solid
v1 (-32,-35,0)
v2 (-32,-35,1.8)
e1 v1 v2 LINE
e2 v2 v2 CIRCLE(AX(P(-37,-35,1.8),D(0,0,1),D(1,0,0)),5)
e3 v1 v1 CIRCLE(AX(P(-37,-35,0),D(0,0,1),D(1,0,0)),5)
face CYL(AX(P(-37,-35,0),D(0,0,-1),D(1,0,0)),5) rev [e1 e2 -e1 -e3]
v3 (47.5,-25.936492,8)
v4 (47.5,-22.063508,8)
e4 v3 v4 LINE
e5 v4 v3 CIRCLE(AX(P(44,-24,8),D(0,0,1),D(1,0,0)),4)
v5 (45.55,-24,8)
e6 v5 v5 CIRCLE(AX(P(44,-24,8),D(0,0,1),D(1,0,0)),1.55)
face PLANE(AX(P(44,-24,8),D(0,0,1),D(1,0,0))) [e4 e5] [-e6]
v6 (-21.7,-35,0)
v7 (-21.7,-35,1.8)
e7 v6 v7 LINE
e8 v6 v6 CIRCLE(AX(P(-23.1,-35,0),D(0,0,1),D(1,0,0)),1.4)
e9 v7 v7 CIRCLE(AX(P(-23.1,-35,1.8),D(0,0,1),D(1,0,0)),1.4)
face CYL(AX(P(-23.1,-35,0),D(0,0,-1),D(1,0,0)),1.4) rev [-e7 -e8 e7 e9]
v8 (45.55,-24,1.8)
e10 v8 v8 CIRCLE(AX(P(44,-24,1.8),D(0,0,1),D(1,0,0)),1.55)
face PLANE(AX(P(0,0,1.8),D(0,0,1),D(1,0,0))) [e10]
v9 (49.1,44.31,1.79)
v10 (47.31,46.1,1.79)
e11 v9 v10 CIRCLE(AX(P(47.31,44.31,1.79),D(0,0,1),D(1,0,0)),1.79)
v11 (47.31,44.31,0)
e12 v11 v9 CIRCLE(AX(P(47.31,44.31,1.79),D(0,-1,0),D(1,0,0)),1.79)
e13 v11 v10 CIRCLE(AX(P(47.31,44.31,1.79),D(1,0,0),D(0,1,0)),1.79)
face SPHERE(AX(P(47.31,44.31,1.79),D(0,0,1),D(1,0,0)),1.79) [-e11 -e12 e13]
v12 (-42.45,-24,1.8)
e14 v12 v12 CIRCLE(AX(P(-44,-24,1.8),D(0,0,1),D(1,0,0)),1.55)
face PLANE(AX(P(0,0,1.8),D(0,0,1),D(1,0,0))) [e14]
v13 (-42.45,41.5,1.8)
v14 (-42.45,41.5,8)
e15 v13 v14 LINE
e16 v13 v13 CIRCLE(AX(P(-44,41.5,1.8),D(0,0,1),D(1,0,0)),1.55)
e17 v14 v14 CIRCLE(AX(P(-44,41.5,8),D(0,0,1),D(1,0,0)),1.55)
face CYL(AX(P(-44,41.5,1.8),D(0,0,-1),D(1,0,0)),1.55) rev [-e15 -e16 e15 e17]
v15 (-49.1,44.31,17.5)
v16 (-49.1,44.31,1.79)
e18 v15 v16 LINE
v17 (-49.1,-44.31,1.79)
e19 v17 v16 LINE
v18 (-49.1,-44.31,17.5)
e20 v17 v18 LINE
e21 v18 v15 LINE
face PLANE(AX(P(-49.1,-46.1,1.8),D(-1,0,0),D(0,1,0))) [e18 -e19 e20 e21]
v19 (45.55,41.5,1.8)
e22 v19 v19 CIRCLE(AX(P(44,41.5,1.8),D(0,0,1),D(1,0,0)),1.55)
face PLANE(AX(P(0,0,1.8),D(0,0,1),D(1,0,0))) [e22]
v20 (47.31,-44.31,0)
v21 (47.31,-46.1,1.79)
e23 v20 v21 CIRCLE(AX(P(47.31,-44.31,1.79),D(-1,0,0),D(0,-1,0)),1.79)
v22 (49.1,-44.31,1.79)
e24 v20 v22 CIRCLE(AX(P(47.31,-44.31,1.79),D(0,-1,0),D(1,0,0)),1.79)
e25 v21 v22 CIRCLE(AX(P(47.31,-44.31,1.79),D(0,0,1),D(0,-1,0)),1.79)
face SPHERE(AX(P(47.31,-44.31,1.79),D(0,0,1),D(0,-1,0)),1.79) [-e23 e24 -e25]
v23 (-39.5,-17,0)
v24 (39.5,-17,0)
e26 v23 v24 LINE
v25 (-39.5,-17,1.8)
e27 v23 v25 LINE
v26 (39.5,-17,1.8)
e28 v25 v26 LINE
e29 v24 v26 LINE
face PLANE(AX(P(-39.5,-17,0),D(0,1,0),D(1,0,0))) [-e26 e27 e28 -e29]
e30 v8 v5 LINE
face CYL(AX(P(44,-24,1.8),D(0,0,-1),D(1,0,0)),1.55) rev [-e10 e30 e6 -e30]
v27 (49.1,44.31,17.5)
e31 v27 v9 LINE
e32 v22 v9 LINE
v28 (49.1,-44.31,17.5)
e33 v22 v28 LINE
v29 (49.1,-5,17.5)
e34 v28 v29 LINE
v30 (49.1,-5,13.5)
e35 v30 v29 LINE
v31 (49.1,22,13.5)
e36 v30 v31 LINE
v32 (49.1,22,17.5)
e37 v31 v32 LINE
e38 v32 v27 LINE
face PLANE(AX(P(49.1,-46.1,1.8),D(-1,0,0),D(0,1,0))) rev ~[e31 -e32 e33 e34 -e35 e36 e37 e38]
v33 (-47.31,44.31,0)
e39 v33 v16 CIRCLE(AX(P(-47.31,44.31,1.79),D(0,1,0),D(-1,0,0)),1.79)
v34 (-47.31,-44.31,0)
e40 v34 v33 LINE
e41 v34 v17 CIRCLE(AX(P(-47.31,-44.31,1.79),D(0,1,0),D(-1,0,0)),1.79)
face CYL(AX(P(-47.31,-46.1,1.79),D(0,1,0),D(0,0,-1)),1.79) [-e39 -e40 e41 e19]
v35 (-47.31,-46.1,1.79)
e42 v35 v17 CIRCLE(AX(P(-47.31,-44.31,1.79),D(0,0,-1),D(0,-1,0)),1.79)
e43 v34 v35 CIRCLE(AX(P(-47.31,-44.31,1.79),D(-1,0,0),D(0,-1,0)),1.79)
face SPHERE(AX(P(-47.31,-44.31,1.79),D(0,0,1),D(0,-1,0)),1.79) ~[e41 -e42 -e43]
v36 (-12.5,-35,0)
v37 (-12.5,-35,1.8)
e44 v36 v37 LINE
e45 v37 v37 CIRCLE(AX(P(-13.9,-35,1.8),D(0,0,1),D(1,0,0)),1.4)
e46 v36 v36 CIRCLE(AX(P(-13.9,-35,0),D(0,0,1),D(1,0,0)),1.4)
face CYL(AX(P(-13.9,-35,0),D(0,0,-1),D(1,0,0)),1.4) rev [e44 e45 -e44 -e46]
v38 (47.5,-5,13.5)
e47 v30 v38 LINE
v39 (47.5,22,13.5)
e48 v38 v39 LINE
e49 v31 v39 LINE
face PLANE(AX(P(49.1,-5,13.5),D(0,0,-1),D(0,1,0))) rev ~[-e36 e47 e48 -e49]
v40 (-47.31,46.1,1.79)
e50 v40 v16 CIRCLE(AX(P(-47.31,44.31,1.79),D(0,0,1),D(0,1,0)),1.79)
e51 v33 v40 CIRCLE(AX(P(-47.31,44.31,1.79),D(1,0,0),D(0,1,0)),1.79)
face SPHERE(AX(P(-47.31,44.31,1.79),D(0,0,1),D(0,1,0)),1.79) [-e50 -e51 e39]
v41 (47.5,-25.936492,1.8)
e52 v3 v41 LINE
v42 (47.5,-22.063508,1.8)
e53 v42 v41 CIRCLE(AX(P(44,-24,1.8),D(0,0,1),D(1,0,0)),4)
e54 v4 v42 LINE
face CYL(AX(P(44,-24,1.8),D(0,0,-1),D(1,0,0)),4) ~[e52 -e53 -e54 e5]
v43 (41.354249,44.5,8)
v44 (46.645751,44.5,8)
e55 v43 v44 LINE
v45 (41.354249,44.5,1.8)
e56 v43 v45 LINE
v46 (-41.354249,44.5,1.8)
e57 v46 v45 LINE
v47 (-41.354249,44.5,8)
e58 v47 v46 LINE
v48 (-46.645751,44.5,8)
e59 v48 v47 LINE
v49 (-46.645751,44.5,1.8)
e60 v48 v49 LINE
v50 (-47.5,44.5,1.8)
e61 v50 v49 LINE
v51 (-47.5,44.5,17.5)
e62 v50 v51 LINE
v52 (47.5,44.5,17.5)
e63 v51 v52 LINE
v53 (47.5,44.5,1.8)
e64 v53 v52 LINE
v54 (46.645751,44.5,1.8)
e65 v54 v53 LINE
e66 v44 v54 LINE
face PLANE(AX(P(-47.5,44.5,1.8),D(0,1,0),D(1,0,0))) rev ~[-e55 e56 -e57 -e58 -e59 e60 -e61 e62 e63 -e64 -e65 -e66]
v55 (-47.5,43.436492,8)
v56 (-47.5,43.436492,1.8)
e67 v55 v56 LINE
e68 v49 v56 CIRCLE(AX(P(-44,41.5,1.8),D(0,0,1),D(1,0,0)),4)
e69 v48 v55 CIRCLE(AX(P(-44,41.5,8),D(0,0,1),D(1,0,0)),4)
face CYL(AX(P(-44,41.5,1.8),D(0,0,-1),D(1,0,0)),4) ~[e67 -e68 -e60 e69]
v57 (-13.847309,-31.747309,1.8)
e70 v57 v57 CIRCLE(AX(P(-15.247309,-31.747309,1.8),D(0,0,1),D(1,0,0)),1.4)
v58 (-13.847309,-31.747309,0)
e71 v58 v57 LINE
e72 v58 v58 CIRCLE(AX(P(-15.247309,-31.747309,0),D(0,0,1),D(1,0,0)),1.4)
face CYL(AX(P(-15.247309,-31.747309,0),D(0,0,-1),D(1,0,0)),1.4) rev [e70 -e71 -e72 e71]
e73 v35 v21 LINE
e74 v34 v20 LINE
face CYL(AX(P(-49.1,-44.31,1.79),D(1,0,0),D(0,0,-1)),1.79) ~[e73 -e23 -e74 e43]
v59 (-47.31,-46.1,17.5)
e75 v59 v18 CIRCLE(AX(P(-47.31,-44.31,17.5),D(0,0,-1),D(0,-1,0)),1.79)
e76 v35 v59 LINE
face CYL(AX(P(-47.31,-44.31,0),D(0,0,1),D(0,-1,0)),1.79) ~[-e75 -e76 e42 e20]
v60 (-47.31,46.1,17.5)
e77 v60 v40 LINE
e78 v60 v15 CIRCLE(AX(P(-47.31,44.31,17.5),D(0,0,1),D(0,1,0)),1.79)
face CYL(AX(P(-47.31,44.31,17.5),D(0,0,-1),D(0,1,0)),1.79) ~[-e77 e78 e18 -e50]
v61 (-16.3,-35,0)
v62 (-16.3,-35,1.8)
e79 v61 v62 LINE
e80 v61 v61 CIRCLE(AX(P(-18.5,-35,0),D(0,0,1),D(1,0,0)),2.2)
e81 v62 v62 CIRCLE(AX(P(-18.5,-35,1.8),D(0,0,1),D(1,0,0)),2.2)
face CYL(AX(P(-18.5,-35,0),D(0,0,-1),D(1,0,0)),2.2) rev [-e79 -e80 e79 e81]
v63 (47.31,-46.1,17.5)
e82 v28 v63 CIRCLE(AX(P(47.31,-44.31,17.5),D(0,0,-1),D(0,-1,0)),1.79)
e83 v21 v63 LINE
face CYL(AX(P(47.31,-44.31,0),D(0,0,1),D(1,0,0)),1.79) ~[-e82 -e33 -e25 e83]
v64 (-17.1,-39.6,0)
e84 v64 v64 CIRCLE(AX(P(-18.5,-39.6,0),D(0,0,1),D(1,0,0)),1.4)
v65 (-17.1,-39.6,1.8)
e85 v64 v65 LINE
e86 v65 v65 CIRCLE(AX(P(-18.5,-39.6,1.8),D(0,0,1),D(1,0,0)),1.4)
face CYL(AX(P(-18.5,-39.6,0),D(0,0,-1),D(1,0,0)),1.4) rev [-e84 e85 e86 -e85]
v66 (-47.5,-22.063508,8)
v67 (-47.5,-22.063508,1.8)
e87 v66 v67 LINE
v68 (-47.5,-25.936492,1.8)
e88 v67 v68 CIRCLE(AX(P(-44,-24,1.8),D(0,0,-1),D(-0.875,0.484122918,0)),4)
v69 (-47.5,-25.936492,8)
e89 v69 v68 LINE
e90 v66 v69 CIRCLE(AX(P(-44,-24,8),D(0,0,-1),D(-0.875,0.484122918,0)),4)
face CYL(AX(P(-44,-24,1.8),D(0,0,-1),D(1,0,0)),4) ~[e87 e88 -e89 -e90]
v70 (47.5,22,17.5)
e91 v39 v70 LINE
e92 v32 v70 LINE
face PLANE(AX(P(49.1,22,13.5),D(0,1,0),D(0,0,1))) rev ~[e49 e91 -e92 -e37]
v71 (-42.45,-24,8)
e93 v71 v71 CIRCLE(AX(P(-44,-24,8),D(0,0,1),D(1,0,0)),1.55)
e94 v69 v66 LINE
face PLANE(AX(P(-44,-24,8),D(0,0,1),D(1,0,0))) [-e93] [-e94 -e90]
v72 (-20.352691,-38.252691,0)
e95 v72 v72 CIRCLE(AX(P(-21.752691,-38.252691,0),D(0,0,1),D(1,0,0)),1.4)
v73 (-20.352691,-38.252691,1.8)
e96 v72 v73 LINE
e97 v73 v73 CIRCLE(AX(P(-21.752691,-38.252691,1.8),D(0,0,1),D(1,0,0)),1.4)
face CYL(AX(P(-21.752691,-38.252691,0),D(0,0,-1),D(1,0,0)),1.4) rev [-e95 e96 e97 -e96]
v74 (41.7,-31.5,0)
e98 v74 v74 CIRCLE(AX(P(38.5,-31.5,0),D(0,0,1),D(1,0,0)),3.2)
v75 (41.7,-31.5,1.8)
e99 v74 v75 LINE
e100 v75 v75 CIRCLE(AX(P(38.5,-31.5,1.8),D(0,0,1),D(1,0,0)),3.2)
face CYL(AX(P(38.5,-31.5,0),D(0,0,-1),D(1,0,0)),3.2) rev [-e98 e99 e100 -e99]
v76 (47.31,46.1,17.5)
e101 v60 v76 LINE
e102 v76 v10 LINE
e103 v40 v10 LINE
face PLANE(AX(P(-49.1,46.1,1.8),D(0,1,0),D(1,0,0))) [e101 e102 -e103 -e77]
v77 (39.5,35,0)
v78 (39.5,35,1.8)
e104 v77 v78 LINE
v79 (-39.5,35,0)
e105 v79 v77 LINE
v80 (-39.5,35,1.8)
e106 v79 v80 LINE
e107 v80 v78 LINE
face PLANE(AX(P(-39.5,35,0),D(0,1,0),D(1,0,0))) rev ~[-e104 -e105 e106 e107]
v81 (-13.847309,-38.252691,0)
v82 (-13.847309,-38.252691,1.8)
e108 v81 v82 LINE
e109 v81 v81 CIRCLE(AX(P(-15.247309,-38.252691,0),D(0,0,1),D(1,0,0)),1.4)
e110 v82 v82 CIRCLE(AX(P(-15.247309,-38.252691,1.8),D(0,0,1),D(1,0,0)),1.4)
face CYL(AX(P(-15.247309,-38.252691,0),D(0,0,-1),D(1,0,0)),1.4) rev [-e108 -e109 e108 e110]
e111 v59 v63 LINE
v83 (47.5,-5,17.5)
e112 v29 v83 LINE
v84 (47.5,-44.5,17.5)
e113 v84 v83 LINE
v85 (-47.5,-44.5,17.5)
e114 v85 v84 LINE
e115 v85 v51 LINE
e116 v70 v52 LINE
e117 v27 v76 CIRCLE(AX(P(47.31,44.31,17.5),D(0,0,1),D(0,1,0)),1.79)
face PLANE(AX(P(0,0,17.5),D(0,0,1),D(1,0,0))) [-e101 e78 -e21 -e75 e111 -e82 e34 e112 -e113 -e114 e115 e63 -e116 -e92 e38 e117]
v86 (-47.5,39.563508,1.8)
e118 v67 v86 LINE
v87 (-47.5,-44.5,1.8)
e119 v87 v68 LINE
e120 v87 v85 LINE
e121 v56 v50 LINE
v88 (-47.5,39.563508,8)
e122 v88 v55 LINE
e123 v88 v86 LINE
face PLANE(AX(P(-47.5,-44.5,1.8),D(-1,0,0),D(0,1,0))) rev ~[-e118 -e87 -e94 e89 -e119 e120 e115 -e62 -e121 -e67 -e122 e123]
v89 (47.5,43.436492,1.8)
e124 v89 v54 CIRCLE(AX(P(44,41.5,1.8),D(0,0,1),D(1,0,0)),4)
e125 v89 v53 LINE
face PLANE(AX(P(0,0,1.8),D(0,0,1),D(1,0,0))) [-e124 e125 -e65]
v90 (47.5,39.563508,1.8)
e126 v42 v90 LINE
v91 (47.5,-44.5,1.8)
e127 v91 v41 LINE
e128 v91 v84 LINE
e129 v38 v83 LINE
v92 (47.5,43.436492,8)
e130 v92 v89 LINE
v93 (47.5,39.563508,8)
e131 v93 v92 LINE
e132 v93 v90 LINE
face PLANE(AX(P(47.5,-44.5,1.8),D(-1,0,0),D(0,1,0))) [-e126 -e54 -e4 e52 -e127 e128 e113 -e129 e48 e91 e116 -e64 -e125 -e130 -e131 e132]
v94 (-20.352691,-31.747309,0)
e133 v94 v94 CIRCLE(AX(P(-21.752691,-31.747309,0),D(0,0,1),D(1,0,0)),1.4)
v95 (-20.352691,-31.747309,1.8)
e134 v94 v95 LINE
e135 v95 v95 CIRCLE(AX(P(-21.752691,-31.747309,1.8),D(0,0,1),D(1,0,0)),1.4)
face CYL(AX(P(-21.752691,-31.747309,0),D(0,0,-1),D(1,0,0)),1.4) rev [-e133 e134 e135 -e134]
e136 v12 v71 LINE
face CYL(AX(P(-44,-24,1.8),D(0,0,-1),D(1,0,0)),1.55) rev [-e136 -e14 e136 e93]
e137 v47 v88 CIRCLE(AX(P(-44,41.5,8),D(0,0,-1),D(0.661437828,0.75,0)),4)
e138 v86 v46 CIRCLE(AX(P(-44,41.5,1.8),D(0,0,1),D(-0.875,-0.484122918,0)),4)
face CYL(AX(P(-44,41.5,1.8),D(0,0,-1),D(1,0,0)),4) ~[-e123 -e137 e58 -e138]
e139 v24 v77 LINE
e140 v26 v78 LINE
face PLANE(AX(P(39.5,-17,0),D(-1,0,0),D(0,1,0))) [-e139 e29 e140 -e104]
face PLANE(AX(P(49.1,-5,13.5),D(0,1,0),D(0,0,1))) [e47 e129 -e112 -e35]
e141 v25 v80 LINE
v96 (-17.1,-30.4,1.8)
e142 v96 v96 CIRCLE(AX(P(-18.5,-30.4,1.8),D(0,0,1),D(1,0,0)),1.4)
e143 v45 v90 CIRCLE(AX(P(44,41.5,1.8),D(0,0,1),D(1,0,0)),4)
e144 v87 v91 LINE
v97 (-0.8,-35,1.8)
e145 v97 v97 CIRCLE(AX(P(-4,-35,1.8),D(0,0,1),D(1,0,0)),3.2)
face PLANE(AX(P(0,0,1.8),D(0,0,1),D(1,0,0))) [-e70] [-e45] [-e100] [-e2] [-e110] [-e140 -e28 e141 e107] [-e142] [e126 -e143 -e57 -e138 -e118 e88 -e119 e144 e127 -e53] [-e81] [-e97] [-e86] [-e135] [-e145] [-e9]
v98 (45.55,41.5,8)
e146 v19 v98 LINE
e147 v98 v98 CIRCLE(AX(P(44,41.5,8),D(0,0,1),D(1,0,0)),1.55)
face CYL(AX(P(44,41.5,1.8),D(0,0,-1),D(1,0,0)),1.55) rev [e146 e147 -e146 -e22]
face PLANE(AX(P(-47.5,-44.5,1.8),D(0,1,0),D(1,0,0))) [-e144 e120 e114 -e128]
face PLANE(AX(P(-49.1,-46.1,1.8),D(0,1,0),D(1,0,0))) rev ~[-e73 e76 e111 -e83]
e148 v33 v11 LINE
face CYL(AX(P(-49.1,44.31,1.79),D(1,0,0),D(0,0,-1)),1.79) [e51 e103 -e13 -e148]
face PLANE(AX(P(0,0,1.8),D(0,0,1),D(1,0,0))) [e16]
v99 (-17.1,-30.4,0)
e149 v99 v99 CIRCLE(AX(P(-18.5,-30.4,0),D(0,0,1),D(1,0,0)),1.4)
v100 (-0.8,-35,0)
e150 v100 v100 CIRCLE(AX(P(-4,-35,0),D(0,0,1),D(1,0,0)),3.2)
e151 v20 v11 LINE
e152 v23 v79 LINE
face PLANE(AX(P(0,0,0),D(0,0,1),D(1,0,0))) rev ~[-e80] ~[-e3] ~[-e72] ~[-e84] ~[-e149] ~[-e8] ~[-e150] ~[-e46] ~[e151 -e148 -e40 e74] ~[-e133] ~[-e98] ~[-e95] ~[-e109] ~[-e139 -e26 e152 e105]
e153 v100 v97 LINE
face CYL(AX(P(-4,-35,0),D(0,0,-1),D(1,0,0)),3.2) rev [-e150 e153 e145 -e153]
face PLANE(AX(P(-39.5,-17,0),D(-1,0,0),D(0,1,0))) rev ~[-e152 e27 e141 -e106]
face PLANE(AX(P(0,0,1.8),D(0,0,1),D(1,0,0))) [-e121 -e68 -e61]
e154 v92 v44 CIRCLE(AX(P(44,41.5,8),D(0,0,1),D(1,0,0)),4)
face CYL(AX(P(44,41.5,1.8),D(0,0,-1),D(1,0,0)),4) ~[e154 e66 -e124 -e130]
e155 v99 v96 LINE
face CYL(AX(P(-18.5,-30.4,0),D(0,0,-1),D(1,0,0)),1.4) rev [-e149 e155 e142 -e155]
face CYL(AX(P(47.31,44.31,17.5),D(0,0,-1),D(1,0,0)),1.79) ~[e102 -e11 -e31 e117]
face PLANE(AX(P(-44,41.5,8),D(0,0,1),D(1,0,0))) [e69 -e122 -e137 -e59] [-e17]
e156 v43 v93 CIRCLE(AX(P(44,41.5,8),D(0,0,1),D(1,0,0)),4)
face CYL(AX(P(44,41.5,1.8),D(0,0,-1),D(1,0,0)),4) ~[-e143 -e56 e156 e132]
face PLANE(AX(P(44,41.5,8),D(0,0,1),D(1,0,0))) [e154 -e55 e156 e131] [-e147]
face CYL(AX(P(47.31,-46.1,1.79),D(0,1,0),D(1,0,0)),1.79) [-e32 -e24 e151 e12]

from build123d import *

# Parameters (mm, degrees)
SKETCH_W      = 98.2
SKETCH_H      = 92.2
SKETCH_R      = 5
SKETCH_R_2    = 3.2
SKETCH_R_3    = 1.4
SKETCH_R_4    = 2.2
SKETCH_W_2    = 79
SKETCH_H_2    = 52
PAD_DEPTH     = 1.8
SKETCH001_W   = 98.2
SKETCH001_H   = 92.2
SKETCH001_W_2 = 95
SKETCH001_H_2 = 89
PAD001_DEPTH  = 15.7
SKETCH002_R   = 4
SKETCH002_R_2 = 1.55
PAD002_DEPTH  = 6.2
FILLET_R      = 1.79
SKETCH003_W   = 27
SKETCH003_H   = 4
POCKET_DEPTH  = 1.6


with BuildPart() as part:
    # Sketch → Pad (new body)
    with BuildSketch(Plane.XY):
        Rectangle(SKETCH_W, SKETCH_H)
        with Locations((-37, -35)):
            Circle(SKETCH_R, mode=Mode.SUBTRACT)
        with Locations((-4, -35)):
            Circle(SKETCH_R_2, mode=Mode.SUBTRACT)
        with Locations((-23.1, -35)):
            Circle(SKETCH_R_3, mode=Mode.SUBTRACT)
        with Locations((-18.5, -30.4)):
            Circle(SKETCH_R_3, mode=Mode.SUBTRACT)
        with Locations((-13.9, -35)):
            Circle(SKETCH_R_3, mode=Mode.SUBTRACT)
        with Locations((-18.5, -39.6)):
            Circle(SKETCH_R_3, mode=Mode.SUBTRACT)
        with Locations((-18.5, -35)):
            Circle(SKETCH_R_4, mode=Mode.SUBTRACT)
        with Locations((-21.752691, -31.747309)):
            Circle(SKETCH_R_3, mode=Mode.SUBTRACT)
        with Locations((-15.247309, -31.747309)):
            Circle(SKETCH_R_3, mode=Mode.SUBTRACT)
        with Locations((-15.247309, -38.252691)):
            Circle(SKETCH_R_3, mode=Mode.SUBTRACT)
        with Locations((-21.752691, -38.252691)):
            Circle(SKETCH_R_3, mode=Mode.SUBTRACT)
        with Locations((38.5, -31.5)):
            Circle(SKETCH_R_2, mode=Mode.SUBTRACT)
        with Locations((0, 9)):
            Rectangle(SKETCH_W_2, SKETCH_H_2, mode=Mode.SUBTRACT)
    extrude(amount=PAD_DEPTH)

    # Sketch001 → Pad001 (new body)
    with BuildSketch(Plane.XY.offset(1.8)):
        Rectangle(SKETCH001_W, SKETCH001_H)
        Rectangle(SKETCH001_W_2, SKETCH001_H_2, mode=Mode.SUBTRACT)
    extrude(amount=PAD001_DEPTH)

    # Sketch002 → Pad002 (new body)
    with BuildSketch(Plane.XY.offset(1.8)):
        with Locations((-44, 41.5)):
            Circle(SKETCH002_R)
        with Locations((-44, 41.5)):
            Circle(SKETCH002_R_2, mode=Mode.SUBTRACT)
        with Locations((44, 41.5)):
            Circle(SKETCH002_R)
        with Locations((44, 41.5)):
            Circle(SKETCH002_R_2, mode=Mode.SUBTRACT)
        with Locations((44, -24)):
            Circle(SKETCH002_R)
        with Locations((44, -24)):
            Circle(SKETCH002_R_2, mode=Mode.SUBTRACT)
        with Locations((-44, -24)):
            Circle(SKETCH002_R)
        with Locations((-44, -24)):
            Circle(SKETCH002_R_2, mode=Mode.SUBTRACT)
    extrude(amount=PAD002_DEPTH)

    # Fillet
    fillet_edges = [part.edges().sort_by_distance(p)[0] for p in [
        (-49.1, 46.1, 0.9),
        (-49.1, 46.1, 9.65),
        (-49.1, -46.1, 0.9),
        (-49.1, -46.1, 9.65),
        (49.1, 46.1, 0.9),
        (49.1, 46.1, 9.65),
        (49.1, -46.1, 0.9),
        (49.1, -46.1, 9.65),
        (0, -46.1, 0),
        (49.1, 0, 0),
        (0, 46.1, 0),
        (-49.1, 0, 0),
    ]]
    fillet(fillet_edges, radius=FILLET_R)

    # Sketch003 → Pocket (cut)
    with BuildSketch(Plane.YZ.offset(49.1)):
        with Locations((8.5, 15.5)):
            Rectangle(SKETCH003_W, SKETCH003_H)
    extrude(amount=-POCKET_DEPTH, mode=Mode.SUBTRACT)


solid = part.part
